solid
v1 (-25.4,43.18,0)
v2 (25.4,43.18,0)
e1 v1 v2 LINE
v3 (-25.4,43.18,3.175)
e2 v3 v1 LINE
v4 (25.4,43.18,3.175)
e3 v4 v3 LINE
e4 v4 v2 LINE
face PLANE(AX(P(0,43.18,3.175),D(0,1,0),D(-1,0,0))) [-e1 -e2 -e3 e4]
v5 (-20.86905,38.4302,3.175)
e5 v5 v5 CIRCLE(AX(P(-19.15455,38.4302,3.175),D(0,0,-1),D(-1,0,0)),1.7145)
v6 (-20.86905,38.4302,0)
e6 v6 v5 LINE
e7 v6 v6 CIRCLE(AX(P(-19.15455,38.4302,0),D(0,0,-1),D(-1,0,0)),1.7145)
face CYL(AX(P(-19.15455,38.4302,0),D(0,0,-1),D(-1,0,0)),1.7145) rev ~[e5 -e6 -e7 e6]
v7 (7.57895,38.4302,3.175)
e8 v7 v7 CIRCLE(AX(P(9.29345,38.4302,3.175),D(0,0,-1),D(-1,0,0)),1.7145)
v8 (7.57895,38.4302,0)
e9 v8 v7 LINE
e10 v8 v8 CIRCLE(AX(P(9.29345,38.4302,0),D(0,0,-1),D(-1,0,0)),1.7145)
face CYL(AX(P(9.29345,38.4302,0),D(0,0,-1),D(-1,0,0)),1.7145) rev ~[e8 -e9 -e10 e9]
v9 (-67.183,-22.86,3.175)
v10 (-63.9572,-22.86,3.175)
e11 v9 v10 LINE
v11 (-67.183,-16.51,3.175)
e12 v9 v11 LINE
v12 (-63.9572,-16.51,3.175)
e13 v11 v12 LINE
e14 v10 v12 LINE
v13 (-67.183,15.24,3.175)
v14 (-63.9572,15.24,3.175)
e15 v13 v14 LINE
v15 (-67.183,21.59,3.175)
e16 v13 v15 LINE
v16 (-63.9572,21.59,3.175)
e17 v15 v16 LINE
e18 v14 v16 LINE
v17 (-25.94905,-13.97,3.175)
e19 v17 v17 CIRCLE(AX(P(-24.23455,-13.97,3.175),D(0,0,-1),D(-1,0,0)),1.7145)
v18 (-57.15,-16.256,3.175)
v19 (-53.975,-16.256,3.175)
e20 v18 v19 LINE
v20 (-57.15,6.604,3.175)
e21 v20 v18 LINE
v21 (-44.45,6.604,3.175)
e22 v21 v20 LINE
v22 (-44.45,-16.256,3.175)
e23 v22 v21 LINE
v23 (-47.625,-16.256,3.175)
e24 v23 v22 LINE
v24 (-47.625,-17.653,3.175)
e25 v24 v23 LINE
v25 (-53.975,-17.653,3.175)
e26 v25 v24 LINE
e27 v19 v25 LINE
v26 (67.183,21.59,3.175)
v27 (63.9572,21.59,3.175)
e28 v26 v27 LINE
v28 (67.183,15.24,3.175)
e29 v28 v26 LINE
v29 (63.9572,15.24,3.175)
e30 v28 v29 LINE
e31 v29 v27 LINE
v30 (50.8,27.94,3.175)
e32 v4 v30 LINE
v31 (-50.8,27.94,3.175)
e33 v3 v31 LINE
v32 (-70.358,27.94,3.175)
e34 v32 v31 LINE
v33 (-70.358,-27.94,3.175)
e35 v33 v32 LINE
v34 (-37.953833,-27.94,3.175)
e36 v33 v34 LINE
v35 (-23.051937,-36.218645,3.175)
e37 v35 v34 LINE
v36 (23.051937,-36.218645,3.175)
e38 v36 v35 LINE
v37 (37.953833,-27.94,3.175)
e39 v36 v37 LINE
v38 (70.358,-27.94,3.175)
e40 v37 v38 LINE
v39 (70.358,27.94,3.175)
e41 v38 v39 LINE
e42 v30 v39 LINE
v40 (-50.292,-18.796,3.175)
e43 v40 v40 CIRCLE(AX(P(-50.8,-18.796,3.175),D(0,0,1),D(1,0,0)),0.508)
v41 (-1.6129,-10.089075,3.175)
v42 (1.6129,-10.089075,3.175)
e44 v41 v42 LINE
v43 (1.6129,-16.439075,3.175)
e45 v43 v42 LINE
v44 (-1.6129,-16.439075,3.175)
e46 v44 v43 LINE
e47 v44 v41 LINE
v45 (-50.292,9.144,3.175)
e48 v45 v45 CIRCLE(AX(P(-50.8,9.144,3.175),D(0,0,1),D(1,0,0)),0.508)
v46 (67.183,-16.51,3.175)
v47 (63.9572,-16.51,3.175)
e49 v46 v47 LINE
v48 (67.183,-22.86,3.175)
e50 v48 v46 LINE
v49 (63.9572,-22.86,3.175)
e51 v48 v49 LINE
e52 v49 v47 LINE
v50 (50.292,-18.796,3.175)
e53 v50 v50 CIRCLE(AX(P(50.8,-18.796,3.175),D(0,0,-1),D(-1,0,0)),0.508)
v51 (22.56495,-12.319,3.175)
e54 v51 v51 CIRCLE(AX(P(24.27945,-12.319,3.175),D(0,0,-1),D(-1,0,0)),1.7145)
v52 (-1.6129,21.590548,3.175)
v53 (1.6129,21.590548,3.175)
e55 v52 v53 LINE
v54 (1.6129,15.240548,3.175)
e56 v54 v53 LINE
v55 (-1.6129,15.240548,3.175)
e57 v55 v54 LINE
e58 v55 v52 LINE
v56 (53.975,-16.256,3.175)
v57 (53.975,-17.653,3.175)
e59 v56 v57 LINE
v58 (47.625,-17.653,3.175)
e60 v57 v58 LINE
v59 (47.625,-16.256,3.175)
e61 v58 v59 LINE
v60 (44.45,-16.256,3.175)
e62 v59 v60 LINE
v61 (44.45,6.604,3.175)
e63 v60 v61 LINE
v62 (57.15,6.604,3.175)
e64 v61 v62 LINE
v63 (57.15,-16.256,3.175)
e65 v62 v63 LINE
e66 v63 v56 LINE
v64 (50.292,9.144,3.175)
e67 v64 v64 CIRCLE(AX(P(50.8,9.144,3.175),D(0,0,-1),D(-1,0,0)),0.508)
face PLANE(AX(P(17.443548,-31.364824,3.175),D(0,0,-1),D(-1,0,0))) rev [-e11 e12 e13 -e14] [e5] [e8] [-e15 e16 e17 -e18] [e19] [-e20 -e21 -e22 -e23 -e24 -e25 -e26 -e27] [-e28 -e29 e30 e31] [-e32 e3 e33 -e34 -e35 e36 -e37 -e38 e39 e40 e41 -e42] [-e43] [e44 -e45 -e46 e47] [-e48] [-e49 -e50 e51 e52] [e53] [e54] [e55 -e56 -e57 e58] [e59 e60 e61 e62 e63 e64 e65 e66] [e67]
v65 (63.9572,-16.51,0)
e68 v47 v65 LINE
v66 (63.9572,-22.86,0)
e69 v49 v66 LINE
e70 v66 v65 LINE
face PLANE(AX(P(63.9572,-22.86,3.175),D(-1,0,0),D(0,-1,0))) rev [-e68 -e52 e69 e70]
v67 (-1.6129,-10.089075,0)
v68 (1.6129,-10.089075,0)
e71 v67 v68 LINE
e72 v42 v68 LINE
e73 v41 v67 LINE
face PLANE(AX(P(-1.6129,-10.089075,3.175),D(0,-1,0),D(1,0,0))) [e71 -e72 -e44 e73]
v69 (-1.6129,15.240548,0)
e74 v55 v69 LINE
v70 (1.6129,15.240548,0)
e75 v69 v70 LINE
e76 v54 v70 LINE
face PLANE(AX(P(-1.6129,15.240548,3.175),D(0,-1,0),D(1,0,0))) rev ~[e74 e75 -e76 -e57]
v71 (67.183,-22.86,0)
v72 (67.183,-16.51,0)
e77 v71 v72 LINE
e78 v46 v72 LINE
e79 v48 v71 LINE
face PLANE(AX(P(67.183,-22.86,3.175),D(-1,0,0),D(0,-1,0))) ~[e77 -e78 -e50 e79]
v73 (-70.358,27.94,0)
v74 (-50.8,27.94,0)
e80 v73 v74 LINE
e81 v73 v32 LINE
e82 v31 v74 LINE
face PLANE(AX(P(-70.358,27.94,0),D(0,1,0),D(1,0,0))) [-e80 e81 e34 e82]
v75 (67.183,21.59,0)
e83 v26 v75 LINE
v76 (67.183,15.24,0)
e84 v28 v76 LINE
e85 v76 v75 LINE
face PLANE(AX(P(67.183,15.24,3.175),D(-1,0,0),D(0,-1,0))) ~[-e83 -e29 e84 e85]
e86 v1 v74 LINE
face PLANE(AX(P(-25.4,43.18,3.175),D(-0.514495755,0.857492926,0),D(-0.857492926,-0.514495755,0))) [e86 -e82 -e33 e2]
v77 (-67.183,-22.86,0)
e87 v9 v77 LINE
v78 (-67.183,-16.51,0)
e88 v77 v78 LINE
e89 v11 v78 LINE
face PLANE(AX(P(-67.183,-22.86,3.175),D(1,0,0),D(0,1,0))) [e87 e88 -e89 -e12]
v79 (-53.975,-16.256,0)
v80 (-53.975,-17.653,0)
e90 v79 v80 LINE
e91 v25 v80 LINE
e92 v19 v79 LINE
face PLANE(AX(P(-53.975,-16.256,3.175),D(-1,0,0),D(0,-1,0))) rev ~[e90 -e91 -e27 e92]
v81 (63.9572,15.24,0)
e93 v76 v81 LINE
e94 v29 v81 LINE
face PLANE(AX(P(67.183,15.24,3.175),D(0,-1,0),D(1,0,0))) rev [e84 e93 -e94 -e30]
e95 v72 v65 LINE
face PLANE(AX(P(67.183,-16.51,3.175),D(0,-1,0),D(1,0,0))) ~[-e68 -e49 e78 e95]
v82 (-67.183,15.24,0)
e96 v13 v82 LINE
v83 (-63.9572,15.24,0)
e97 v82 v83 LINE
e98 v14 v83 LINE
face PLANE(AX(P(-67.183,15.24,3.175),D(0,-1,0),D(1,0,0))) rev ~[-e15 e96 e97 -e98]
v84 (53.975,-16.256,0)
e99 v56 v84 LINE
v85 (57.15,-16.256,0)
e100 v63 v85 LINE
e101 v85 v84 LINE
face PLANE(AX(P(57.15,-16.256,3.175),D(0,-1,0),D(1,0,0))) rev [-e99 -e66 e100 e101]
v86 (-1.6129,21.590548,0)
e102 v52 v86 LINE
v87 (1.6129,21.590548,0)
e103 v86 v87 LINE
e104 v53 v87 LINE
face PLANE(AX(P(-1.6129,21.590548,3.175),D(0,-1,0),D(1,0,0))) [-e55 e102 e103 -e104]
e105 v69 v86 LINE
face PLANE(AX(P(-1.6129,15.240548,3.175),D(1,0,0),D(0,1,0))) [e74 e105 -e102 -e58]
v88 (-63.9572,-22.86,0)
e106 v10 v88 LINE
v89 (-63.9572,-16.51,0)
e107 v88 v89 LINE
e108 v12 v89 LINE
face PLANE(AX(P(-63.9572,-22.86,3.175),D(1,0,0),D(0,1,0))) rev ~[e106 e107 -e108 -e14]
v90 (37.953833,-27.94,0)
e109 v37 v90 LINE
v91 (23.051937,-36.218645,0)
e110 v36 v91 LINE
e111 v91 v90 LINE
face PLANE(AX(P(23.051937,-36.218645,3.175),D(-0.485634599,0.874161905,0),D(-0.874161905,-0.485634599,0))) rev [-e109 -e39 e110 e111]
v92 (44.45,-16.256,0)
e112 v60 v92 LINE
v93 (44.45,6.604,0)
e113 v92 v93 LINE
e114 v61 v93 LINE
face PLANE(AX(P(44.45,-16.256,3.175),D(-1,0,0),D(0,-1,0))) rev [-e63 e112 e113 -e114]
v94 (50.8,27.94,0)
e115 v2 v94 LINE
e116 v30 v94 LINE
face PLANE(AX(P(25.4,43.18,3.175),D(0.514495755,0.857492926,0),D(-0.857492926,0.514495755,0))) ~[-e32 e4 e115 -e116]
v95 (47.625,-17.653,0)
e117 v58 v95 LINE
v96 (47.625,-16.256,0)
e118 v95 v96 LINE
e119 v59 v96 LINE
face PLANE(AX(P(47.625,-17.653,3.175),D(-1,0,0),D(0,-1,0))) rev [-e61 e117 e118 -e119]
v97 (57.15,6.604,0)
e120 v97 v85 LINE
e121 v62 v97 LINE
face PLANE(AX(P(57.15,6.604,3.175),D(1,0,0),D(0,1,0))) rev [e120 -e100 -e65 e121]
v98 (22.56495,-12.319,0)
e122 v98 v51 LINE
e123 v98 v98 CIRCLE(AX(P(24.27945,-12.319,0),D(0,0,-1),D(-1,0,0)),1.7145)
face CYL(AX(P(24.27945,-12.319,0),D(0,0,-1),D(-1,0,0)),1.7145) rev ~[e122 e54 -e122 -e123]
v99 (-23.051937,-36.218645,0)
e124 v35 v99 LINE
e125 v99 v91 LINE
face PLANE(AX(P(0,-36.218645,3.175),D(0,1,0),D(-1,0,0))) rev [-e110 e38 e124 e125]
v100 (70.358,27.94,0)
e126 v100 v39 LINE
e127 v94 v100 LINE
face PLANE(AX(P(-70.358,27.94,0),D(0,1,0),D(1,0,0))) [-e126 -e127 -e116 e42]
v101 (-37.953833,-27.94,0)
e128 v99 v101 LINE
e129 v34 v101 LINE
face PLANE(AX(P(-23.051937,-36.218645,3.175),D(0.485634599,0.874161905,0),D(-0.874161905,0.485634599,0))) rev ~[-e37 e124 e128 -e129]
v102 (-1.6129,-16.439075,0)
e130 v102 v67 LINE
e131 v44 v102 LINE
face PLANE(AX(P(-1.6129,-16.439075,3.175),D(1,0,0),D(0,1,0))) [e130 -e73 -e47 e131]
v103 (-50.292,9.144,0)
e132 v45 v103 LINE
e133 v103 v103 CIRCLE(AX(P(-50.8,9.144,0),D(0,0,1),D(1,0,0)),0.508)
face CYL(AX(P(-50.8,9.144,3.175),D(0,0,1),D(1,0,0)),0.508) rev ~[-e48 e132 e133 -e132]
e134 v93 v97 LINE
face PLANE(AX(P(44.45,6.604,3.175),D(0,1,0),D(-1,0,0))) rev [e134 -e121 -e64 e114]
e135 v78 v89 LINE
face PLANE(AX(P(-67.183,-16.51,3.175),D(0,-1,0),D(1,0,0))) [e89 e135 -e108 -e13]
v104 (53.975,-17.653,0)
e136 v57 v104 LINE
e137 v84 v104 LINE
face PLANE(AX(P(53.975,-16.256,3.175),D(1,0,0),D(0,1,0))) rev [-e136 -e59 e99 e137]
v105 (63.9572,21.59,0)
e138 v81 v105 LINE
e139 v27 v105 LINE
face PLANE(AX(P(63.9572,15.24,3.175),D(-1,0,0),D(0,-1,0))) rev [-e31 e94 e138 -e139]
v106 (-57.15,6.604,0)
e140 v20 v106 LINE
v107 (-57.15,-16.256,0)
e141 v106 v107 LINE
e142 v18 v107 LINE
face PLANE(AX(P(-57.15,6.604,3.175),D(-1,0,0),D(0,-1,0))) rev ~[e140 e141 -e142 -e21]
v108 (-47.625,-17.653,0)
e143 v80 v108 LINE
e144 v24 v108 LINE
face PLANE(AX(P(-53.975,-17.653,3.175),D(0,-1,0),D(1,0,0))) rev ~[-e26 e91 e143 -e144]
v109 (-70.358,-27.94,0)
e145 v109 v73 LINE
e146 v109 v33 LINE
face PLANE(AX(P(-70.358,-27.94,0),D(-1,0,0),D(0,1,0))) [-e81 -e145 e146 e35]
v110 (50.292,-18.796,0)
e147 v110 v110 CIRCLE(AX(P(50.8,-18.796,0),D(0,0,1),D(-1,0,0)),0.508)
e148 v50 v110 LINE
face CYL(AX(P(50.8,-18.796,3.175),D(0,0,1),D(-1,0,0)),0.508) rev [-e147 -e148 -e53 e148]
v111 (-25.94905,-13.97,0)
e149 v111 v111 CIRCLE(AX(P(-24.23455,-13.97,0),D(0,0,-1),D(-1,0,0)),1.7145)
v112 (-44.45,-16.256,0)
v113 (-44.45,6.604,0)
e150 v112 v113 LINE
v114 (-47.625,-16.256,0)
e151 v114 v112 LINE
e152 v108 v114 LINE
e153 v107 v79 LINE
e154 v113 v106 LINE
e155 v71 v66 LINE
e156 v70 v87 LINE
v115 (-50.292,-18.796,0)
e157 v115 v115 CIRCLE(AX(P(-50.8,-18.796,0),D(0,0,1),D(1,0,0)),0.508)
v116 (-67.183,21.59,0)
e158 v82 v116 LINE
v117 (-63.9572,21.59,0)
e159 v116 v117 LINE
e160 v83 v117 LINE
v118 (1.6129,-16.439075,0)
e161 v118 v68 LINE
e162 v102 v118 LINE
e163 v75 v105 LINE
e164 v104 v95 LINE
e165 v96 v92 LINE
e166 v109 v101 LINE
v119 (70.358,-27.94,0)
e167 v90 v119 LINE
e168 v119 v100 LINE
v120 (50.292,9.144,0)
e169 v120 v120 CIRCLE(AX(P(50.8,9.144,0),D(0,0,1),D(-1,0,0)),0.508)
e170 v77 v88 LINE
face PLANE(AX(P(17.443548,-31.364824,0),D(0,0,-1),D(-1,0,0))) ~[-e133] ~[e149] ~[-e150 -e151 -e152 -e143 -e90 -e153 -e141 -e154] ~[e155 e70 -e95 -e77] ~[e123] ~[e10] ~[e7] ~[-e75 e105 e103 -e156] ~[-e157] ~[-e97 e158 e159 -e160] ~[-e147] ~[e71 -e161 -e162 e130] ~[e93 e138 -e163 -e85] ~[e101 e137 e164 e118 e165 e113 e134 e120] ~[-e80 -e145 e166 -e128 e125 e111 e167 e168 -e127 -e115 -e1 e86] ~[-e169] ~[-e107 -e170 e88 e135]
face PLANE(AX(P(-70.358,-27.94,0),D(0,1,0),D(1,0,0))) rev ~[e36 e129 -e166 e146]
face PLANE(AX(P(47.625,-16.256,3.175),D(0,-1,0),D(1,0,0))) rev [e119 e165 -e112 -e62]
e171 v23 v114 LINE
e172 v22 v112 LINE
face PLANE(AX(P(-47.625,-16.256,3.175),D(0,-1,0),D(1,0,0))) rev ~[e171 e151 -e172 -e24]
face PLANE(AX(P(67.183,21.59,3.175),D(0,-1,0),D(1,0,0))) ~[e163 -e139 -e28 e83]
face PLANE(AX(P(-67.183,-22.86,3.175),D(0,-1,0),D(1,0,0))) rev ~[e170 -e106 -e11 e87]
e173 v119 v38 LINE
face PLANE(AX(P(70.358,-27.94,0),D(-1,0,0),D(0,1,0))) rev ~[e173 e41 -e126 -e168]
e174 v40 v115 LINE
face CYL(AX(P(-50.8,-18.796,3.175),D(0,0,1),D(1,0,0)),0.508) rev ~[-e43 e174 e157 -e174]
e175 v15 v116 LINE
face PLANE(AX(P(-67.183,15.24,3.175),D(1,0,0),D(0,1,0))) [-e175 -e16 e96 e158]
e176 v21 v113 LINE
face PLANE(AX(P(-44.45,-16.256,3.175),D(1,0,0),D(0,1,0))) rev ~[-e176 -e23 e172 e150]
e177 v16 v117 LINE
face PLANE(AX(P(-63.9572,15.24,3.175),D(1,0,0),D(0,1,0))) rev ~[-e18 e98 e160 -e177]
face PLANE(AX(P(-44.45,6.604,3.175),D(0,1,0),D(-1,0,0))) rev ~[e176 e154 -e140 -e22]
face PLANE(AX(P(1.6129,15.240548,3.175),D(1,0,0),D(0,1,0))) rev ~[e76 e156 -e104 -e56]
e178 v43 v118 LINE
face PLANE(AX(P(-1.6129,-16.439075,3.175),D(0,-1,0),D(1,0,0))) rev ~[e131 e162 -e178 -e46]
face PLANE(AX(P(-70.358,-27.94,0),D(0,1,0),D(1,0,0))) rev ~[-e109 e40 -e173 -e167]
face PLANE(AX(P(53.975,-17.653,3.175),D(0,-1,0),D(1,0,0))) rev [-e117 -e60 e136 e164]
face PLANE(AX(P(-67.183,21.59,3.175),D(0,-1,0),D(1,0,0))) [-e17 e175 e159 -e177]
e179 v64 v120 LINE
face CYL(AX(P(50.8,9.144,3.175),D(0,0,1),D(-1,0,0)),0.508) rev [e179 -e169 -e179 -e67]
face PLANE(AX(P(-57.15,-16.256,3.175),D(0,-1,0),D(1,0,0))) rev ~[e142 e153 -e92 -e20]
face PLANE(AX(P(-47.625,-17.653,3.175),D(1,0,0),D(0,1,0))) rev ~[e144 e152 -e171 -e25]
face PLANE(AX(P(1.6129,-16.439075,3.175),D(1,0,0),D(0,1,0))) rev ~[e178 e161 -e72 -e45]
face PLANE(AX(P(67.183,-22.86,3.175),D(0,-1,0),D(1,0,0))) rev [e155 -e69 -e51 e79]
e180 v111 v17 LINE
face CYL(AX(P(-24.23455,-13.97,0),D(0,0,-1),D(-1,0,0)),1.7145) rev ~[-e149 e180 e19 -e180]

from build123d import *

# Parameters (mm, degrees)
SKETCH1_W                          = 140.716
SKETCH1_H                          = 55.88
BOSS_EXTRUDE1_DEPTH                = 3.175
SKETCH2_W                          = 3.2258
SKETCH2_H                          = 6.35
HOLES_FOR_TABS_DEPTH               = 4.175
SKETCH3_W                          = 3.2258
SKETCH3_H                          = 6.35
CUT_FOR_TABS_NOSEPANEL_DEPTH       = 4.175
SKETCH5_R                          = 0.508
CUT_FOR_OPTIONAL_MOTORS_EARS_DEPTH = 4.175
BOSS_EXTRUDE2_DEPTH                = 3.175
SKETCH7_R                          = 1.7145
CUT_FOR_ARDUINO_MOUNT_HOLES_DEPTH  = 4.175


with BuildPart() as part:
    # Sketch1 → Boss-Extrude1 (new body)
    with BuildSketch(Plane.XY):
        Rectangle(SKETCH1_W, SKETCH1_H)
    extrude(amount=BOSS_EXTRUDE1_DEPTH)

    # Sketch2 → holes for tabs (cut, through all)
    with BuildSketch(Plane.XY.offset(3.175)):
        with Locations((-65.5701, 18.415)):
            Rectangle(SKETCH2_W, SKETCH2_H)
        with Locations((-65.5701, -19.685)):
            Rectangle(SKETCH2_W, SKETCH2_H)
    holes_for_tabs = extrude(amount=-HOLES_FOR_TABS_DEPTH, mode=Mode.SUBTRACT)

    # Mirror1: holes for tabs across plane
    add(holes_for_tabs.mirror(Plane(origin=(0, 0, 0), x_dir=(0, 0, 1), z_dir=(1, 0, 0))), mode=Mode.SUBTRACT)

    # Sketch3 → cut for tabs, nosepanel (cut, through all)
    with BuildSketch(Plane.XY.offset(3.175)):
        with Locations((0, 18.415547881)):
            Rectangle(SKETCH3_W, SKETCH3_H)
        with Locations((0, -13.264075424)):
            Rectangle(SKETCH3_W, SKETCH3_H)
    extrude(amount=-CUT_FOR_TABS_NOSEPANEL_DEPTH, mode=Mode.SUBTRACT)

    # Sketch5 → cut for optional motors (ears) (cut, through all)
    with BuildSketch(Plane.XY.offset(3.175)):
        with Locations((-50.8, -18.796)):
            Circle(SKETCH5_R)
        with Locations((-50.8, 9.144)):
            Circle(SKETCH5_R)
        Polygon((-44.45, 6.604), (-57.15, 6.604), (-57.15, -16.256), (-53.975, -16.256), (-53.975, -17.653), (-47.625, -17.653), (-47.625, -16.256), (-44.45, -16.256), align=None)
    cut_for_optional_motors_ears = extrude(amount=-CUT_FOR_OPTIONAL_MOTORS_EARS_DEPTH, mode=Mode.SUBTRACT)

    # Mirror2: cut for optional motors (ears) across plane
    add(cut_for_optional_motors_ears.mirror(Plane(origin=(0, 0, 0), x_dir=(0, 0, 1), z_dir=(1, 0, 0))), mode=Mode.SUBTRACT)

    # Sketch6 → Boss-Extrude2 (add)
    with BuildSketch(Plane.XY.offset(3.175)):
        Polygon((0, -27.94), (0, -36.218644949), (-23.051937452, -36.218644949), (-37.953832941, -27.94), align=None)
        Polygon((0, 27.94), (0, 43.18), (-25.4, 43.18), (-50.8, 27.94), align=None)
    boss_extrude2 = extrude(amount=-BOSS_EXTRUDE2_DEPTH)

    # Mirror3: Boss-Extrude2 across plane
    add(boss_extrude2.mirror(Plane(origin=(0, 0, 0), x_dir=(0, 0, 1), z_dir=(1, 0, 0))))

    # Sketch7 → cut for arduino mount holes (cut, through all)
    with BuildSketch(Plane(origin=(0, 0, 0), x_dir=(-1, 0, 0), z_dir=(0, 0, -1))):
        with Locations((19.154550283, 38.4302)):
            Circle(SKETCH7_R)
        with Locations((-9.293449717, 38.4302)):
            Circle(SKETCH7_R)
        with Locations((24.234550283, -13.97)):
            Circle(SKETCH7_R)
        with Locations((-24.279449717, -12.319)):
            Circle(SKETCH7_R)
    extrude(amount=-CUT_FOR_ARDUINO_MOUNT_HOLES_DEPTH, mode=Mode.SUBTRACT)


solid = part.part
